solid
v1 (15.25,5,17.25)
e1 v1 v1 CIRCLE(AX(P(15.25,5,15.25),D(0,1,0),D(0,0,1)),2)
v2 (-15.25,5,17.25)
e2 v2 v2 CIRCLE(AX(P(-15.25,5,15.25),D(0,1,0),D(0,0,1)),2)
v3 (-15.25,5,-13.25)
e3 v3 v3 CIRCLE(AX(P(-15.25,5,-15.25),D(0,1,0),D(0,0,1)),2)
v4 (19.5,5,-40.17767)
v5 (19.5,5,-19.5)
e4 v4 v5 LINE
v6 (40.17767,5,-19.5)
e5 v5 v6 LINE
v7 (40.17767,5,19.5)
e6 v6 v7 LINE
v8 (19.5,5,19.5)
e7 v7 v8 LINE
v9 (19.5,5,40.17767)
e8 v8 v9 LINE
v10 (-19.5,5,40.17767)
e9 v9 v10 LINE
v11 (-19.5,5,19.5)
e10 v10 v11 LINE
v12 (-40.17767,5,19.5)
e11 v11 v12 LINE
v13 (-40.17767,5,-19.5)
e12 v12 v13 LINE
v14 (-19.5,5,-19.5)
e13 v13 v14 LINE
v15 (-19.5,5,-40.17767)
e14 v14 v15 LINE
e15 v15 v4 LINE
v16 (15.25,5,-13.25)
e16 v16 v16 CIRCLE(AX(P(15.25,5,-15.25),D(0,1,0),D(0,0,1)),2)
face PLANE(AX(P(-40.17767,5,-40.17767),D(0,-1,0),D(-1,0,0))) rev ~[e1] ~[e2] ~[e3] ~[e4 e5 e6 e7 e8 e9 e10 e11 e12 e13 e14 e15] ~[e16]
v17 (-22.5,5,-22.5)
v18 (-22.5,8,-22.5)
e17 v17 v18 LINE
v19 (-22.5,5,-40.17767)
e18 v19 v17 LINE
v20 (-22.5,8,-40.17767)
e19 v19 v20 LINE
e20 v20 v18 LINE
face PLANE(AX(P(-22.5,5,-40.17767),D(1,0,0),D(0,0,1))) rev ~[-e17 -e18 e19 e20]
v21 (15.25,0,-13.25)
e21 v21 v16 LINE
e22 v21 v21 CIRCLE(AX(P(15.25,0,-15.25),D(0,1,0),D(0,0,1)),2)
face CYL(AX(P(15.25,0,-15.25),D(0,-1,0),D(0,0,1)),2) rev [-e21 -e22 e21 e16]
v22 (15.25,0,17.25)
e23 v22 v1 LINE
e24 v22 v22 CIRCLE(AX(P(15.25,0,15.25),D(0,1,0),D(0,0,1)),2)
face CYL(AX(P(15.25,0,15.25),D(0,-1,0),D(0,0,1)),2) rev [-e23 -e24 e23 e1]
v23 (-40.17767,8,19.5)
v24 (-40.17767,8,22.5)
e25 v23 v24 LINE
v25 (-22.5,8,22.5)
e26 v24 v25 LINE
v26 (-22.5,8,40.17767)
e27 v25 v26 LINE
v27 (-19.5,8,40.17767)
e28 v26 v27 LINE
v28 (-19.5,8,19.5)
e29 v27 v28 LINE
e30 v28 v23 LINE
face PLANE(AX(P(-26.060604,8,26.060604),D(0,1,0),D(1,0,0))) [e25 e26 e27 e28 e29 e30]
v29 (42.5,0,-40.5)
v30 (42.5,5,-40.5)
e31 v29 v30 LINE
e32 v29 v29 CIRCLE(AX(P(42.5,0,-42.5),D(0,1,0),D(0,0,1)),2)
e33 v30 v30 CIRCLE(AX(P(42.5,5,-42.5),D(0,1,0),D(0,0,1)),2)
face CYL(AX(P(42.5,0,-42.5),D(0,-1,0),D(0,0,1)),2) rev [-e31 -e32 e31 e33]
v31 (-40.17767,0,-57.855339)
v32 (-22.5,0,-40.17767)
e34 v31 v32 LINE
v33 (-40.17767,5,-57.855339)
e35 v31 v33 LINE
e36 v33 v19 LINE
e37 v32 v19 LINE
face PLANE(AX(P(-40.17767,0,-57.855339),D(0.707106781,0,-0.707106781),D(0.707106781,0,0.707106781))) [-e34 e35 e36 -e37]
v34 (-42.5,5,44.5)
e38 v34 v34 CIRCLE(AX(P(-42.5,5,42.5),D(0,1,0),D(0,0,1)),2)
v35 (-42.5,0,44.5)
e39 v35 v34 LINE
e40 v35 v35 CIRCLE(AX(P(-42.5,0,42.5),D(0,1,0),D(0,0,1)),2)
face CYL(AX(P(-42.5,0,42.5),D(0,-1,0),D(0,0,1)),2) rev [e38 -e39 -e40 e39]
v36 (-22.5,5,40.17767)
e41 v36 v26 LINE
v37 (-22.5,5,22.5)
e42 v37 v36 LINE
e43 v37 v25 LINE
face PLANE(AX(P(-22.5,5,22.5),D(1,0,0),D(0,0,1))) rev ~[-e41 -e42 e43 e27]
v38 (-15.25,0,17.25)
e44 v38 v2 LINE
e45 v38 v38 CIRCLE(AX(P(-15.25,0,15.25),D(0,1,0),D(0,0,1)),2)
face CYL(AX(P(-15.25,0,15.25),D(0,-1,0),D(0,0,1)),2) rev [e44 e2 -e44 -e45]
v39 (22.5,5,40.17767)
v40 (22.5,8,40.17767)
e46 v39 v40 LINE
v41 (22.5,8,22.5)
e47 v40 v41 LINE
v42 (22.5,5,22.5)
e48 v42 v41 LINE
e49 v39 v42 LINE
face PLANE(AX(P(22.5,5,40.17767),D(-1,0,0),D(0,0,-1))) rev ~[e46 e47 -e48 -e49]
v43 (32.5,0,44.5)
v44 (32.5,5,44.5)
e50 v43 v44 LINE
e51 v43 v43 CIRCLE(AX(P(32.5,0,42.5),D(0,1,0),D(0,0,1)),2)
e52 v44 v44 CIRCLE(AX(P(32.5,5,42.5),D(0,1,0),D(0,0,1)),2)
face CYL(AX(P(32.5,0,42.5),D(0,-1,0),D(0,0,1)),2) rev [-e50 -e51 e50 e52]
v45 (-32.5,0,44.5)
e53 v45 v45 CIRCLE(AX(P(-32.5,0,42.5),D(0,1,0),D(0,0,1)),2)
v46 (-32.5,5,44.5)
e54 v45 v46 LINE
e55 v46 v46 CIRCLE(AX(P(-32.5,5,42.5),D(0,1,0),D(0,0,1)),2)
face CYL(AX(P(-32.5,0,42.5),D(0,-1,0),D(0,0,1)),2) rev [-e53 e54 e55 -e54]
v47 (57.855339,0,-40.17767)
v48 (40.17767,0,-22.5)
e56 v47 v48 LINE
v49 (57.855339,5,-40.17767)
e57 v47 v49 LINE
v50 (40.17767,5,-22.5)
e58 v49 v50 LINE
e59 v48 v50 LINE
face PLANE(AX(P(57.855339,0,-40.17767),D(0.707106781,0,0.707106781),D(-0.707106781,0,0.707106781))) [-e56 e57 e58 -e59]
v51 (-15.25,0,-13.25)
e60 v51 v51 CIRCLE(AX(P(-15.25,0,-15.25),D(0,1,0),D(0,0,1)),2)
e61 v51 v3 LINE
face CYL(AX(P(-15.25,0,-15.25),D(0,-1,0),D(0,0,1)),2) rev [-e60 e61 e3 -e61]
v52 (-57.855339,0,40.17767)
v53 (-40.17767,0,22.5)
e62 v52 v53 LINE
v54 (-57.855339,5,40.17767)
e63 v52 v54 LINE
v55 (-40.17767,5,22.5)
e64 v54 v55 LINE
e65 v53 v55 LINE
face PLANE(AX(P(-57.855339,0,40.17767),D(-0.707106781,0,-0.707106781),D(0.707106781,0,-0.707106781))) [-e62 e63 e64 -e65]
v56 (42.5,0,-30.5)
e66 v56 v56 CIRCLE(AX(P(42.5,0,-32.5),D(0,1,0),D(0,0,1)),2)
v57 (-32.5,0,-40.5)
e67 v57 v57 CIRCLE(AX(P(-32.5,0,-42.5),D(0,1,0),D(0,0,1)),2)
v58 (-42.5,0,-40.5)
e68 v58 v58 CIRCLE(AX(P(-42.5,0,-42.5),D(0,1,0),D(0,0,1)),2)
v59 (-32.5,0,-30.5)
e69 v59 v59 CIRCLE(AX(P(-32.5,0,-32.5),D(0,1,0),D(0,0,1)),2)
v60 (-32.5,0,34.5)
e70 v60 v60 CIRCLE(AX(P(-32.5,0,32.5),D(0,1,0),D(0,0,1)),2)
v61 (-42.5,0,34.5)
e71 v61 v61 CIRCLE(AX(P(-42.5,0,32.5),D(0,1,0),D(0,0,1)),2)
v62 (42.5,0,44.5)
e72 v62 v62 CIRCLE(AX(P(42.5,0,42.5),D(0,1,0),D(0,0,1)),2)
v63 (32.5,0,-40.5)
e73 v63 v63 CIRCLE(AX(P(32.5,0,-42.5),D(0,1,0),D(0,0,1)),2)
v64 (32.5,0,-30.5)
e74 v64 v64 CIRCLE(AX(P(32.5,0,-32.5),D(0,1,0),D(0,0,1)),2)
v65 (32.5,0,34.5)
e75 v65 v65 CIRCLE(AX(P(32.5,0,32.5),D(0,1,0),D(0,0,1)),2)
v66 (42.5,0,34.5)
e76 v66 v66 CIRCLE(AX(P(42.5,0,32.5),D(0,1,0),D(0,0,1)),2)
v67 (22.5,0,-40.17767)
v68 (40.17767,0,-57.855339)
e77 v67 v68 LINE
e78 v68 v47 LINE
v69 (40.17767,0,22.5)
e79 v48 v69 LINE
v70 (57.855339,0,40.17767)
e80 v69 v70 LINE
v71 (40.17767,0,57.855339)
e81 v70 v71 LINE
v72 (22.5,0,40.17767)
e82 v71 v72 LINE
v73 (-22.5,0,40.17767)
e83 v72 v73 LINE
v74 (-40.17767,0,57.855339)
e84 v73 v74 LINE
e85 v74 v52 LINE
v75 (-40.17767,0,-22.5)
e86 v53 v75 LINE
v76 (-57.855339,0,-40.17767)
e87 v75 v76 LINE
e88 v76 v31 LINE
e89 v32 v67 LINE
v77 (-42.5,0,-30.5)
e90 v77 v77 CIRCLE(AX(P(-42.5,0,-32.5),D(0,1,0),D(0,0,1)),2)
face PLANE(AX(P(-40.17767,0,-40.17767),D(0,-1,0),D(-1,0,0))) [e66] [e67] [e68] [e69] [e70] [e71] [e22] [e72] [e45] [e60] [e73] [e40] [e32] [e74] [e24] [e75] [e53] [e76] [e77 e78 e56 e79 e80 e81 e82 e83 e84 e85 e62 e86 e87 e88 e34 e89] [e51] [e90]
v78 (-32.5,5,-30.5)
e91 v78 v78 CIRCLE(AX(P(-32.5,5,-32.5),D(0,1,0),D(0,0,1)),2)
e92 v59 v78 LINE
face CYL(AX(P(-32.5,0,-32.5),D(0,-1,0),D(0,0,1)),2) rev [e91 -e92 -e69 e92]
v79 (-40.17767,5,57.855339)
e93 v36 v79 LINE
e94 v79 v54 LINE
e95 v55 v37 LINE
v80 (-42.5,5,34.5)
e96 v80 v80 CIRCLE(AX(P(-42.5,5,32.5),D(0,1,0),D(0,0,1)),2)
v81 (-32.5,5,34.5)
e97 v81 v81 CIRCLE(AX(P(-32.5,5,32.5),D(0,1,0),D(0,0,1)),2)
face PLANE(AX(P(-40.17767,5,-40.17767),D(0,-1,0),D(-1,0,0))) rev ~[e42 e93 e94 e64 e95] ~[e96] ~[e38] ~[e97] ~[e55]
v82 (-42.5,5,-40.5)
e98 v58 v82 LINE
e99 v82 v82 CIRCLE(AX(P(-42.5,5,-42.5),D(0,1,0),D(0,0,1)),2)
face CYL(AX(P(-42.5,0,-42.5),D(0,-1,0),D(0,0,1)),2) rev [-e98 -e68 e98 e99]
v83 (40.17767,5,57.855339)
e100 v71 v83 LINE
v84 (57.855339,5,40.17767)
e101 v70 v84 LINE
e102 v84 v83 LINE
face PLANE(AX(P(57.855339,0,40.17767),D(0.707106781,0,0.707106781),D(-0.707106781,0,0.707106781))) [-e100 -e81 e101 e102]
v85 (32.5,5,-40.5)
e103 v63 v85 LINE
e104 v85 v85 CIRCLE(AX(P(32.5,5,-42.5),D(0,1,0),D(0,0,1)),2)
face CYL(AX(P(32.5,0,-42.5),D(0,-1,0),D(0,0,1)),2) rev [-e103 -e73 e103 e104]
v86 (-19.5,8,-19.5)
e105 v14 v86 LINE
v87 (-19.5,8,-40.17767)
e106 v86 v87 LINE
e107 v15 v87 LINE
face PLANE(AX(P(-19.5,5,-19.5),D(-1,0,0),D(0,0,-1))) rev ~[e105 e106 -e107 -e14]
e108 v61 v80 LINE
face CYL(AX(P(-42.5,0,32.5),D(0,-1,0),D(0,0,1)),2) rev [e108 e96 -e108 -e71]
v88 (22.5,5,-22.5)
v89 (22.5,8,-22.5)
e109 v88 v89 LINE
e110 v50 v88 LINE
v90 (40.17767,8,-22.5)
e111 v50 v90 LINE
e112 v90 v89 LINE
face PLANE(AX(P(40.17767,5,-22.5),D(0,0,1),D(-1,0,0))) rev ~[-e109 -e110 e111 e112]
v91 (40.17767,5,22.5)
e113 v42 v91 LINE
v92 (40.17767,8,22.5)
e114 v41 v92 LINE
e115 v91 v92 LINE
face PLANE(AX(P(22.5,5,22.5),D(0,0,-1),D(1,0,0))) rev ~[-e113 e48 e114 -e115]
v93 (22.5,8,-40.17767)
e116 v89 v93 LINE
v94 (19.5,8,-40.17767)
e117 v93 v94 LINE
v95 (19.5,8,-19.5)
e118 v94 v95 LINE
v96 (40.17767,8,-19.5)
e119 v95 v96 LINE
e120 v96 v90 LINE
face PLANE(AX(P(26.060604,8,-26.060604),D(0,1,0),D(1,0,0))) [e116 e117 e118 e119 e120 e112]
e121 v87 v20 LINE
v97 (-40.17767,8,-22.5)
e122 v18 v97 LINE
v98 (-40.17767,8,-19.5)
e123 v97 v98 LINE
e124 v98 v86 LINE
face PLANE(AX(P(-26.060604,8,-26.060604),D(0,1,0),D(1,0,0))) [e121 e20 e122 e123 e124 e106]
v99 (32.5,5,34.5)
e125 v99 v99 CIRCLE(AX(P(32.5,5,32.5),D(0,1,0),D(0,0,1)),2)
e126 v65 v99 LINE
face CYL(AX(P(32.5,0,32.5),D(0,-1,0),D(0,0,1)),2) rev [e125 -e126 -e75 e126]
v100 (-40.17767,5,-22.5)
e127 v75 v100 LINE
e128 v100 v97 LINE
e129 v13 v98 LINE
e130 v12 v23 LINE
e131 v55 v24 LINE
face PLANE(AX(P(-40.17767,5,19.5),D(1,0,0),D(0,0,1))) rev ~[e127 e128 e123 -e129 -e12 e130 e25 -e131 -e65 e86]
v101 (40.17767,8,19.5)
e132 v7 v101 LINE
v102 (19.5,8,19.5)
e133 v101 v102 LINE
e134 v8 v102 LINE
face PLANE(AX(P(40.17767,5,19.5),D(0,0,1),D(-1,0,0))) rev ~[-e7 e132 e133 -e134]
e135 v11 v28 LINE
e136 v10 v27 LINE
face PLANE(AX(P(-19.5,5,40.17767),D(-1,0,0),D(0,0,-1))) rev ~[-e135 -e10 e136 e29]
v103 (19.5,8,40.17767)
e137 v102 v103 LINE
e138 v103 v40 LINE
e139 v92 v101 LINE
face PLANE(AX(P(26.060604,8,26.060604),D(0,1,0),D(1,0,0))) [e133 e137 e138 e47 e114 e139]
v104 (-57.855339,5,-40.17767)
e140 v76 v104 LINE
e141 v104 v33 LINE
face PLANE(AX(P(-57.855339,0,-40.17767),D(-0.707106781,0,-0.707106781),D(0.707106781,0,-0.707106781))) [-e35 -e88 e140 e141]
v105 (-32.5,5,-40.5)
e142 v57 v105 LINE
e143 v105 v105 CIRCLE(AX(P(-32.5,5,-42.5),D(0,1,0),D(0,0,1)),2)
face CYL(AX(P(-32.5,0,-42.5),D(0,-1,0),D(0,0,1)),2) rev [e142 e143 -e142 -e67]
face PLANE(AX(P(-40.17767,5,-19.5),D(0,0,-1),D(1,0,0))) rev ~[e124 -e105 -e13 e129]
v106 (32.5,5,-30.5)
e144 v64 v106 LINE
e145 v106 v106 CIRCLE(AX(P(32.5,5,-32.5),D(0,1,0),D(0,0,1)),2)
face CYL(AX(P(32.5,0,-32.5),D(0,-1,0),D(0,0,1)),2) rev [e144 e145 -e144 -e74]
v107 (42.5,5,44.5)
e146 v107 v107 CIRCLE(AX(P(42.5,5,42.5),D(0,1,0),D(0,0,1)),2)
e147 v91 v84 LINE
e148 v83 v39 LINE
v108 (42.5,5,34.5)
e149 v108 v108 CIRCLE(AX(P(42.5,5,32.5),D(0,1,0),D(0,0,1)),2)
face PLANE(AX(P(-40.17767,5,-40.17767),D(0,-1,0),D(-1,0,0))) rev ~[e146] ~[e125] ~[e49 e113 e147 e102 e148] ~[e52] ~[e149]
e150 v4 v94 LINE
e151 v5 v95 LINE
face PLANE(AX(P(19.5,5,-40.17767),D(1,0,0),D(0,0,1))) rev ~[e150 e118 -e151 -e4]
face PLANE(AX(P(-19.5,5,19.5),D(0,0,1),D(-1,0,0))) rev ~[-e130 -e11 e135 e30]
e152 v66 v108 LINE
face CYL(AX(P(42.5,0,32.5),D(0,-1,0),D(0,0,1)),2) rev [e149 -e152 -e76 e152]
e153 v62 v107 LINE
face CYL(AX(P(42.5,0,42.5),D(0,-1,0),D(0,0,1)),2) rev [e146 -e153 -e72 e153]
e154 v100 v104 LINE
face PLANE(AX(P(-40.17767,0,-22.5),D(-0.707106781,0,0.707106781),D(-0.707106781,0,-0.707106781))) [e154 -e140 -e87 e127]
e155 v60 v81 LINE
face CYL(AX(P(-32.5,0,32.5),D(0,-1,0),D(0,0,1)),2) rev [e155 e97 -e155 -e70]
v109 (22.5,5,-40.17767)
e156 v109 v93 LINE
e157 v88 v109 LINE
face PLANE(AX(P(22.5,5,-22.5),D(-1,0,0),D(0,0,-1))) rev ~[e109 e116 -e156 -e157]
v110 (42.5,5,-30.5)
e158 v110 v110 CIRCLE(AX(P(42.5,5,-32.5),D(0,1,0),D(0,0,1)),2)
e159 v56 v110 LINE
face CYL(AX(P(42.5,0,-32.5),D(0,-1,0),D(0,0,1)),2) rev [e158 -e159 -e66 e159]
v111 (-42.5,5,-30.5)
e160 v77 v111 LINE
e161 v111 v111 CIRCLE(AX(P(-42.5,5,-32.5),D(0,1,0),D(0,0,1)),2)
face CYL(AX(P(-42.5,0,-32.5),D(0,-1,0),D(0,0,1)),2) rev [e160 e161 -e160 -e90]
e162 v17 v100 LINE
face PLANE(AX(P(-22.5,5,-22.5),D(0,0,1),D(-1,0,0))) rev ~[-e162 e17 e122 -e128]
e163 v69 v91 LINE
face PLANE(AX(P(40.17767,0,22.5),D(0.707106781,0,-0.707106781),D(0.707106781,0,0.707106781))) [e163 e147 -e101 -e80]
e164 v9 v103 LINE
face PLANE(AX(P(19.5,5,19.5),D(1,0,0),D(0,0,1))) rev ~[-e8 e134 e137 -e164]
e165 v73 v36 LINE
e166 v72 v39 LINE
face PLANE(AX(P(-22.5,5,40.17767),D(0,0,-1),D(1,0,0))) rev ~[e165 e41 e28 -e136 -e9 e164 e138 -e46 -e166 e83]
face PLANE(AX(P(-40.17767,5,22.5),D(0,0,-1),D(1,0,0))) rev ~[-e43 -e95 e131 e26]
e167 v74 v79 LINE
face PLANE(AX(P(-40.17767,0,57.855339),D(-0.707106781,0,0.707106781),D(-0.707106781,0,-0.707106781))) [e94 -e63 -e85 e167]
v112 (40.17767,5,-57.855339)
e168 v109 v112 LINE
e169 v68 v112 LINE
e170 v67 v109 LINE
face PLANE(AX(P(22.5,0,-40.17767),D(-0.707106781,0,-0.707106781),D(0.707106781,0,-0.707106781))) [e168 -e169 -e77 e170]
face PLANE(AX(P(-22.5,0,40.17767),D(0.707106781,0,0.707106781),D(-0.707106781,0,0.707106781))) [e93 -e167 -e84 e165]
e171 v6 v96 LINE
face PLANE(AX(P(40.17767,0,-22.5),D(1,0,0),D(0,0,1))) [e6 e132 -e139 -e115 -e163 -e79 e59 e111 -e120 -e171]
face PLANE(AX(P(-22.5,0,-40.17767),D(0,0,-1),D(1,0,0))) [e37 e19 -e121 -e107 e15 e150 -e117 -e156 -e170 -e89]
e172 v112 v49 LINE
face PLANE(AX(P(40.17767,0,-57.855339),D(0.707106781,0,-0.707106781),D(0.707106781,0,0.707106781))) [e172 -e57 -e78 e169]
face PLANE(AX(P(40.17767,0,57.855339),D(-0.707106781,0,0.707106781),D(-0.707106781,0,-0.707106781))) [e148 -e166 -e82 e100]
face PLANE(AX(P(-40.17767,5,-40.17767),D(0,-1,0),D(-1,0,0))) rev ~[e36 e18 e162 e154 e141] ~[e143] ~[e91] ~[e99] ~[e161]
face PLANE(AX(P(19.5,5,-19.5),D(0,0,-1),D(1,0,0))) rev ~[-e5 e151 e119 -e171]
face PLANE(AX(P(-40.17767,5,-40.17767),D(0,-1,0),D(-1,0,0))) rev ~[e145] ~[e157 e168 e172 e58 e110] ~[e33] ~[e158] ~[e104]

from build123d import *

# Parameters (mm, degrees)
EXTRUDE_1_DEPTH     = 5
EXTRUDE_2_DEPTH     = 3
SKETCH_4_R          = 2
CUT_EXTRUDE_1_DEPTH = 5
SKETCH_6_R          = 2
CUT_EXTRUDE_2_DEPTH = 5


with BuildPart() as part:
    # 스케치1 → 보스-돌출1 (new body)
    with BuildSketch(Plane(origin=(0, 0, 0), x_dir=(1, 0, 0), z_dir=(0, 1, 0))):
        Polygon((-40.17766953, 22.5), (-57.855339059, 40.17766953), (-40.17766953, 57.855339059), (-22.5, 40.17766953), align=None)
        Polygon((-22.5, 40.17766953), (22.5, -40.17766953), (-22.5, -40.17766953), (-40.17766953, -22.5), (-40.17766953, 22.5), align=None)
        Polygon((-40.17766953, -57.855339059), (-57.855339059, -40.17766953), (-40.17766953, -22.5), (-22.5, -40.17766953), align=None)
        Polygon((-22.5, 40.17766953), (22.5, 40.17766953), (40.17766953, 22.5), (40.17766953, -22.5), (22.5, -40.17766953), align=None)
        Polygon((40.17766953, -57.855339059), (22.5, -40.17766953), (40.17766953, -22.5), (57.855339059, -40.17766953), align=None)
        Polygon((40.17766953, 22.5), (22.5, 40.17766953), (40.17766953, 57.855339059), (57.855339059, 40.17766953), align=None)
    extrude(amount=EXTRUDE_1_DEPTH)

    # 스케치2 → 보스-돌출2 (add)
    with BuildSketch(Plane(origin=(0, 5, 0), x_dir=(1, 0, 0), z_dir=(0, 1, 0))):
        Polygon((-40.17766953, -19.5), (-40.17766953, -22.5), (-22.5, -22.5), (-22.5, -40.17766953), (-19.5, -40.17766953), (-19.5, -19.5), align=None)
        Polygon((-19.5, 40.17766953), (-22.5, 40.17766953), (-22.5, 22.5), (-40.17766953, 22.5), (-40.17766953, 19.5), (-19.5, 19.5), align=None)
        Polygon((40.17766953, 19.5), (40.17766953, 22.5), (22.5, 22.5), (22.5, 40.17766953), (19.5, 40.17766953), (19.5, 19.5), align=None)
        Polygon((19.5, -40.17766953), (22.5, -40.17766953), (22.5, -22.5), (40.17766953, -22.5), (40.17766953, -19.5), (19.5, -19.5), align=None)
    extrude(amount=EXTRUDE_2_DEPTH)

    # 스케치4 → 컷-돌출1 (cut)
    with BuildSketch(Plane(origin=(0, 0, 0), x_dir=(1, 0, 0), z_dir=(0, 1, 0))):
        with Locations(Location((-42.5, -42.5, 0), (0, 0, 270))):
            Circle(SKETCH_4_R)
        with Locations(Location((-32.5, -42.5, 0), (0, 0, 270))):
            Circle(SKETCH_4_R)
        with Locations(Location((-42.5, -32.5, 0), (0, 0, 270))):
            Circle(SKETCH_4_R)
        with Locations(Location((-32.5, -32.5, 0), (0, 0, 270))):
            Circle(SKETCH_4_R)
        with Locations(Location((-32.5, 32.5, 0), (0, 0, 270))):
            Circle(SKETCH_4_R)
        with Locations(Location((-42.5, 32.5, 0), (0, 0, 270))):
            Circle(SKETCH_4_R)
        with Locations(Location((-42.5, 42.5, 0), (0, 0, 270))):
            Circle(SKETCH_4_R)
        with Locations(Location((-32.5, 42.5, 0), (0, 0, 270))):
            Circle(SKETCH_4_R)
        with Locations(Location((32.5, 32.5, 0), (0, 0, 270))):
            Circle(SKETCH_4_R)
        with Locations(Location((32.5, 42.5, 0), (0, 0, 270))):
            Circle(SKETCH_4_R)
        with Locations(Location((42.5, 42.5, 0), (0, 0, 270))):
            Circle(SKETCH_4_R)
        with Locations(Location((42.5, 32.5, 0), (0, 0, 270))):
            Circle(SKETCH_4_R)
        with Locations(Location((32.5, -32.5, 0), (0, 0, 270))):
            Circle(SKETCH_4_R)
        with Locations(Location((42.5, -32.5, 0), (0, 0, 270))):
            Circle(SKETCH_4_R)
        with Locations(Location((42.5, -42.5, 0), (0, 0, 270))):
            Circle(SKETCH_4_R)
        with Locations(Location((32.5, -42.5, 0), (0, 0, 270))):
            Circle(SKETCH_4_R)
    extrude(amount=CUT_EXTRUDE_1_DEPTH, mode=Mode.SUBTRACT)

    # 스케치6 → 컷-돌출2 (cut)
    with BuildSketch(Plane(origin=(0, 0, 0), x_dir=(1, 0, 0), z_dir=(0, 1, 0))):
        with Locations(Location((-15.25, 15.25, 0), (0, 0, 270))):
            Circle(SKETCH_6_R)
        with Locations(Location((15.25, -15.25, 0), (0, 0, 270))):
            Circle(SKETCH_6_R)
        with Locations(Location((15.25, 15.25, 0), (0, 0, 270))):
            Circle(SKETCH_6_R)
        with Locations(Location((-15.25, -15.25, 0), (0, 0, 270))):
            Circle(SKETCH_6_R)
    extrude(amount=CUT_EXTRUDE_2_DEPTH, mode=Mode.SUBTRACT)


solid = part.part
